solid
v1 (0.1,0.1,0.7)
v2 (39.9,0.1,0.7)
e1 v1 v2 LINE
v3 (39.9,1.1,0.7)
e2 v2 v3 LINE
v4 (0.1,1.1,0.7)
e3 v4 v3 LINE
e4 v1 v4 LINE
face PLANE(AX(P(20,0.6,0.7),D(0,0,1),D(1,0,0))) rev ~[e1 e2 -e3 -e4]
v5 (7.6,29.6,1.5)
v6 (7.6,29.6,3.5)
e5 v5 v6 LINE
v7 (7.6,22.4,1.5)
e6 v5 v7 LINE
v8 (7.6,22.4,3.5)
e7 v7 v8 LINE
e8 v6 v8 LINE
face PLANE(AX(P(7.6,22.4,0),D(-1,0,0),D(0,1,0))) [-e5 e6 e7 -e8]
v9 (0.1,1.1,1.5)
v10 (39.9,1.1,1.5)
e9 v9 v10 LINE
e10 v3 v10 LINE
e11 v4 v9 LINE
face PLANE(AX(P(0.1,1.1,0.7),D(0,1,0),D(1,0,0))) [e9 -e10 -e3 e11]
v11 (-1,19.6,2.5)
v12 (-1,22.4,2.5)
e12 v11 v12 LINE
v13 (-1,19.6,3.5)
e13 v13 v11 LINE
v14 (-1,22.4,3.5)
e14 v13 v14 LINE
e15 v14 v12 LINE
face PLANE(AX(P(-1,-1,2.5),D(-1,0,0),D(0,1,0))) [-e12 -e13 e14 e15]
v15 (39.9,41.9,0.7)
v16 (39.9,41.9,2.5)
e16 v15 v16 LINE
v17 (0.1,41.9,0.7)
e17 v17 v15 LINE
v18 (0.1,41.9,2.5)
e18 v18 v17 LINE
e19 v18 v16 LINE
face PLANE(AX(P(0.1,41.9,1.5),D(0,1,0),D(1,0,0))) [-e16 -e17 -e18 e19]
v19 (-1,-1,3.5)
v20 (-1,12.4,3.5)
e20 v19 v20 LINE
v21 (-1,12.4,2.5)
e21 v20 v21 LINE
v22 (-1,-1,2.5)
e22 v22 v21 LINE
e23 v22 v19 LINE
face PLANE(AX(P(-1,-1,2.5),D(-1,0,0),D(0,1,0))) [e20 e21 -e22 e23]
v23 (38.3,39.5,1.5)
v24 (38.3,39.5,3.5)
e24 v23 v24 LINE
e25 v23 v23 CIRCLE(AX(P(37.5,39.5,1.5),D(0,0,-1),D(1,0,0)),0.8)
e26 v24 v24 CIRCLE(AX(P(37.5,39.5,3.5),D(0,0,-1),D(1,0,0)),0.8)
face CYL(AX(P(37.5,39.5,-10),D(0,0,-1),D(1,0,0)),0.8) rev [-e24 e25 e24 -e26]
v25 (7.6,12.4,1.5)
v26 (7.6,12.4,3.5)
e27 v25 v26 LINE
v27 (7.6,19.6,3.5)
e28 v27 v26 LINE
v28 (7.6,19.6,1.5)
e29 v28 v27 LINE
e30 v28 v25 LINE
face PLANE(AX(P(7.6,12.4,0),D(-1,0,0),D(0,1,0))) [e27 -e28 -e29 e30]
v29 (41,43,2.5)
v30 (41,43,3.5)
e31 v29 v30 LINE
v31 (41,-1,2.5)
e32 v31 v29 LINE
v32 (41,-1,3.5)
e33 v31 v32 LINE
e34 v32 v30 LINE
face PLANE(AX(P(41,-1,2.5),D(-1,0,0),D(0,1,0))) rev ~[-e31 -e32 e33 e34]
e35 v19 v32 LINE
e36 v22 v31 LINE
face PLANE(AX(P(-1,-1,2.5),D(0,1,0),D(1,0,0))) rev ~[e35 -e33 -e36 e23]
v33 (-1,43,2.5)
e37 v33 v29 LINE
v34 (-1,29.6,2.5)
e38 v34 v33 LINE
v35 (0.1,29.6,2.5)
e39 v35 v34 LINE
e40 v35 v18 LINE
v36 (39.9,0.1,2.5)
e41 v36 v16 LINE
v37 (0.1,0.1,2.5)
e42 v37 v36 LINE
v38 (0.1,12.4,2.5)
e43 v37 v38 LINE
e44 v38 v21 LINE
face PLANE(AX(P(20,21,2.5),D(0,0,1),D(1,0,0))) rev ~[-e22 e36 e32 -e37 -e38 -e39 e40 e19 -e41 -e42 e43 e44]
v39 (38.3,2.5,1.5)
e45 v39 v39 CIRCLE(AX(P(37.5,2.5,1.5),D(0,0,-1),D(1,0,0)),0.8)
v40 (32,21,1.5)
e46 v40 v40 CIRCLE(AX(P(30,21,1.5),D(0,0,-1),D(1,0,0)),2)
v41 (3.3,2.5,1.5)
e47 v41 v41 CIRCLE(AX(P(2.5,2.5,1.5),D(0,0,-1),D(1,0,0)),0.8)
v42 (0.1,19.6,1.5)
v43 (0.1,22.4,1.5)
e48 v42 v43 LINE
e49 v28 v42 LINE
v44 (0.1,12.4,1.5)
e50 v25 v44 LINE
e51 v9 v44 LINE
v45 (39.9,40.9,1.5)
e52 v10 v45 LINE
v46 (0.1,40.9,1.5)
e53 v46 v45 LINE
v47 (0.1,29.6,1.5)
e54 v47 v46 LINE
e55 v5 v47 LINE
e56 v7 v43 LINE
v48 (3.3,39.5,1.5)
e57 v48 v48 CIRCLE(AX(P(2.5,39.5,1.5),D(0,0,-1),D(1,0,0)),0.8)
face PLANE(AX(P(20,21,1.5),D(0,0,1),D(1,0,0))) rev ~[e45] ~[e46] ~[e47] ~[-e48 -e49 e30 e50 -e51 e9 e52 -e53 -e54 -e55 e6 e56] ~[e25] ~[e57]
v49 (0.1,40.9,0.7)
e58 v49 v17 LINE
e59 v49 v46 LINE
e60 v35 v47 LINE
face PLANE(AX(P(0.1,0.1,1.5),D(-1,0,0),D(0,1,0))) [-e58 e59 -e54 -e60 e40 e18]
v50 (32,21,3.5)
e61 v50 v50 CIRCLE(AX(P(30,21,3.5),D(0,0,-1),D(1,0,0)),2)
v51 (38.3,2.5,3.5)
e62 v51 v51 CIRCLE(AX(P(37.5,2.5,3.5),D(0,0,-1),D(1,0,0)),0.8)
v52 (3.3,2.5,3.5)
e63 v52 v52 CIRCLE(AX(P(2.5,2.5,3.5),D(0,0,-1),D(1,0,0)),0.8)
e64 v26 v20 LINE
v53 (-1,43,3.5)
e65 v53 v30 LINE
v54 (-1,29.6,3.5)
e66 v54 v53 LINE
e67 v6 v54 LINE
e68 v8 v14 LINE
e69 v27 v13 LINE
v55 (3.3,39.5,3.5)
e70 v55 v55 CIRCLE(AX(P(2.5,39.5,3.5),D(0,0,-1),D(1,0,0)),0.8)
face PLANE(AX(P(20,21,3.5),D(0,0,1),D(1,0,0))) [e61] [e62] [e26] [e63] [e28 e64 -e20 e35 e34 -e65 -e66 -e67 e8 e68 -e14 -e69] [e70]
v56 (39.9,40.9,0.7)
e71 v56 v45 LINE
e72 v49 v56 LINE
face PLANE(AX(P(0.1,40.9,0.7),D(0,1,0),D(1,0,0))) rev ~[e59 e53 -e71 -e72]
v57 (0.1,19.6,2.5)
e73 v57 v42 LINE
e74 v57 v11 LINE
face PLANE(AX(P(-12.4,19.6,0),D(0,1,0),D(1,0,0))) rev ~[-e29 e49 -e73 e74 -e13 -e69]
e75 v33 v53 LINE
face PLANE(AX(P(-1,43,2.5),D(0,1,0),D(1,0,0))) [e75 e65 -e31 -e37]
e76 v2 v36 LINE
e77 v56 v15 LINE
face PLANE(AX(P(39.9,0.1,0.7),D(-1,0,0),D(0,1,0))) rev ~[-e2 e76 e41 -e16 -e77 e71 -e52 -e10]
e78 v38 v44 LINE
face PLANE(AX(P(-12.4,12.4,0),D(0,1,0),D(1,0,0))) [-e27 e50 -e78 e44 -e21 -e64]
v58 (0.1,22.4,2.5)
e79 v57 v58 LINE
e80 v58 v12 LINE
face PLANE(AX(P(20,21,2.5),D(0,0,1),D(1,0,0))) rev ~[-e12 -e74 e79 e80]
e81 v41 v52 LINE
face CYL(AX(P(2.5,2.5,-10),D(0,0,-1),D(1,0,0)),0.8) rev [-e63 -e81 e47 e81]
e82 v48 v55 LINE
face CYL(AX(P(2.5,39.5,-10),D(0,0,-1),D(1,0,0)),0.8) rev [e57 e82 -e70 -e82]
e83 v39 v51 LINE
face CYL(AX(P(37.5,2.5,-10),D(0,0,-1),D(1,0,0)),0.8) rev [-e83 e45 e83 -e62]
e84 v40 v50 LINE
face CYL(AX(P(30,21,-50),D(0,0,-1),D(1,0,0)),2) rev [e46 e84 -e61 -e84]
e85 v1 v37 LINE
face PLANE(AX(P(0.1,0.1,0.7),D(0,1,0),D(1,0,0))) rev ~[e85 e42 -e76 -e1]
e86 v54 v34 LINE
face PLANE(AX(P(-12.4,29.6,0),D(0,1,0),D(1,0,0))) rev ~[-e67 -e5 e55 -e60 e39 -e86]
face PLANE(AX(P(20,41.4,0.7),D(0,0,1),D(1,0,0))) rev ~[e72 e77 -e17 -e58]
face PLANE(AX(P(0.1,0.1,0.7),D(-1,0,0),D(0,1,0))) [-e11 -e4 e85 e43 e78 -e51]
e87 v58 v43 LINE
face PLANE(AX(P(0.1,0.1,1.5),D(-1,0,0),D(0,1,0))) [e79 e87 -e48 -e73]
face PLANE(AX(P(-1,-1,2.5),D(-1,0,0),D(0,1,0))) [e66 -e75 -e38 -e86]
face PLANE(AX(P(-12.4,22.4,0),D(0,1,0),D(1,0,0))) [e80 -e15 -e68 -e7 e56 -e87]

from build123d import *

# Parameters (mm, degrees)
CYLINDER020_R     = 2
CYLINDER020_DEPTH = 100
BOX011_W          = 20
BOX011_H          = 7.2
BOX011_DEPTH      = 10
CYLINDER016_R     = 0.8
CYLINDER016_DEPTH = 20
CYLINDER017_R     = 0.8
CYLINDER017_DEPTH = 20
CYLINDER018_R     = 0.8
CYLINDER018_DEPTH = 20
CYLINDER019_R     = 0.8
CYLINDER019_DEPTH = 20
BOX010_W          = 39.8
BOX010_H          = 1
BOX010_DEPTH      = 0.8
BOX009_W          = 39.8
BOX009_H          = 1
BOX009_DEPTH      = 0.8
BOX007_W          = 20
BOX007_H          = 7.2
BOX007_DEPTH      = 10
BOX006_W          = 42
BOX006_H          = 44
BOX006_DEPTH      = 1
BOX005_W          = 39.8
BOX005_H          = 41.8
BOX005_DEPTH      = 1


with BuildPart() as zylinder020:
    # Cylinder020 → Cylinder020 (new body)
    with BuildSketch(Plane(origin=(30, 21, -50), x_dir=(1, 0, 0), z_dir=(0, 0, 1))):
        Circle(CYLINDER020_R)
    extrude(amount=CYLINDER020_DEPTH)


with BuildPart() as w_rfel011:
    # Box011 → Box011 (new body)
    with BuildSketch(Plane(origin=(-12.4, 22.4, 0), x_dir=(1, 0, 0), z_dir=(0, 0, 1))):
        with Locations((10, 3.6)):
            Rectangle(BOX011_W, BOX011_H)
    extrude(amount=BOX011_DEPTH)


with BuildPart() as zylinder016:
    # Cylinder016 → Cylinder016 (new body)
    with BuildSketch(Plane(origin=(37.5, 2.5, -10), x_dir=(1, 0, 0), z_dir=(0, 0, 1))):
        Circle(CYLINDER016_R)
    extrude(amount=CYLINDER016_DEPTH)


with BuildPart() as zylinder017:
    # Cylinder017 → Cylinder017 (new body)
    with BuildSketch(Plane(origin=(2.5, 2.5, -10), x_dir=(1, 0, 0), z_dir=(0, 0, 1))):
        Circle(CYLINDER017_R)
    extrude(amount=CYLINDER017_DEPTH)


with BuildPart() as zylinder018:
    # Cylinder018 → Cylinder018 (new body)
    with BuildSketch(Plane(origin=(37.5, 39.5, -10), x_dir=(1, 0, 0), z_dir=(0, 0, 1))):
        Circle(CYLINDER018_R)
    extrude(amount=CYLINDER018_DEPTH)


with BuildPart() as compound006:
    # Cylinder019 → Cylinder019 (new body)
    with BuildSketch(Plane(origin=(2.5, 39.5, -10), x_dir=(1, 0, 0), z_dir=(0, 0, 1))):
        Circle(CYLINDER019_R)
    extrude(amount=CYLINDER019_DEPTH)

    # Compound006: union Zylinder016, Zylinder017, Zylinder018
    add(zylinder016.part)
    add(zylinder017.part)
    add(zylinder018.part)


with BuildPart() as w_rfel010:
    # Box010 → Box010 (new body)
    with BuildSketch(Plane(origin=(0.1, 0.1, 0.7), x_dir=(1, 0, 0), z_dir=(0, 0, 1))):
        with Locations((19.9, 0.5)):
            Rectangle(BOX010_W, BOX010_H)
    extrude(amount=BOX010_DEPTH)


with BuildPart() as compound003:
    # Box009 → Box009 (new body)
    with BuildSketch(Plane(origin=(0.1, 40.9, 0.7), x_dir=(1, 0, 0), z_dir=(0, 0, 1))):
        with Locations((19.9, 0.5)):
            Rectangle(BOX009_W, BOX009_H)
    extrude(amount=BOX009_DEPTH)

    # Compound003: union Würfel010
    add(w_rfel010.part)


with BuildPart() as w_rfel007:
    # Box007 → Box007 (new body)
    with BuildSketch(Plane(origin=(-12.4, 12.4, 0), x_dir=(1, 0, 0), z_dir=(0, 0, 1))):
        with Locations((10, 3.6)):
            Rectangle(BOX007_W, BOX007_H)
    extrude(amount=BOX007_DEPTH)


with BuildPart() as w_rfel006:
    # Box006 → Box006 (new body)
    with BuildSketch(Plane(origin=(-1, -1, 2.5), x_dir=(1, 0, 0), z_dir=(0, 0, 1))):
        with Locations((21, 22)):
            Rectangle(BOX006_W, BOX006_H)
    extrude(amount=BOX006_DEPTH)


with BuildPart() as lowerparthole:
    # Box005 → Box005 (new body)
    with BuildSketch(Plane(origin=(0.1, 0.1, 1.5), x_dir=(1, 0, 0), z_dir=(0, 0, 1))):
        with Locations((19.9, 20.9)):
            Rectangle(BOX005_W, BOX005_H)
    extrude(amount=BOX005_DEPTH)

    # Fusion001: union Würfel006
    add(w_rfel006.part)

    # Cut003: cut Würfel007
    add(w_rfel007.part, mode=Mode.SUBTRACT)

    # Fusion003: union Compound003
    add(compound003.part)

    # Cut008: cut Compound006
    add(compound006.part, mode=Mode.SUBTRACT)

    # Cut009: cut Würfel011
    add(w_rfel011.part, mode=Mode.SUBTRACT)

    # Cut010: cut Zylinder020
    add(zylinder020.part, mode=Mode.SUBTRACT)


solid = lowerparthole.part
